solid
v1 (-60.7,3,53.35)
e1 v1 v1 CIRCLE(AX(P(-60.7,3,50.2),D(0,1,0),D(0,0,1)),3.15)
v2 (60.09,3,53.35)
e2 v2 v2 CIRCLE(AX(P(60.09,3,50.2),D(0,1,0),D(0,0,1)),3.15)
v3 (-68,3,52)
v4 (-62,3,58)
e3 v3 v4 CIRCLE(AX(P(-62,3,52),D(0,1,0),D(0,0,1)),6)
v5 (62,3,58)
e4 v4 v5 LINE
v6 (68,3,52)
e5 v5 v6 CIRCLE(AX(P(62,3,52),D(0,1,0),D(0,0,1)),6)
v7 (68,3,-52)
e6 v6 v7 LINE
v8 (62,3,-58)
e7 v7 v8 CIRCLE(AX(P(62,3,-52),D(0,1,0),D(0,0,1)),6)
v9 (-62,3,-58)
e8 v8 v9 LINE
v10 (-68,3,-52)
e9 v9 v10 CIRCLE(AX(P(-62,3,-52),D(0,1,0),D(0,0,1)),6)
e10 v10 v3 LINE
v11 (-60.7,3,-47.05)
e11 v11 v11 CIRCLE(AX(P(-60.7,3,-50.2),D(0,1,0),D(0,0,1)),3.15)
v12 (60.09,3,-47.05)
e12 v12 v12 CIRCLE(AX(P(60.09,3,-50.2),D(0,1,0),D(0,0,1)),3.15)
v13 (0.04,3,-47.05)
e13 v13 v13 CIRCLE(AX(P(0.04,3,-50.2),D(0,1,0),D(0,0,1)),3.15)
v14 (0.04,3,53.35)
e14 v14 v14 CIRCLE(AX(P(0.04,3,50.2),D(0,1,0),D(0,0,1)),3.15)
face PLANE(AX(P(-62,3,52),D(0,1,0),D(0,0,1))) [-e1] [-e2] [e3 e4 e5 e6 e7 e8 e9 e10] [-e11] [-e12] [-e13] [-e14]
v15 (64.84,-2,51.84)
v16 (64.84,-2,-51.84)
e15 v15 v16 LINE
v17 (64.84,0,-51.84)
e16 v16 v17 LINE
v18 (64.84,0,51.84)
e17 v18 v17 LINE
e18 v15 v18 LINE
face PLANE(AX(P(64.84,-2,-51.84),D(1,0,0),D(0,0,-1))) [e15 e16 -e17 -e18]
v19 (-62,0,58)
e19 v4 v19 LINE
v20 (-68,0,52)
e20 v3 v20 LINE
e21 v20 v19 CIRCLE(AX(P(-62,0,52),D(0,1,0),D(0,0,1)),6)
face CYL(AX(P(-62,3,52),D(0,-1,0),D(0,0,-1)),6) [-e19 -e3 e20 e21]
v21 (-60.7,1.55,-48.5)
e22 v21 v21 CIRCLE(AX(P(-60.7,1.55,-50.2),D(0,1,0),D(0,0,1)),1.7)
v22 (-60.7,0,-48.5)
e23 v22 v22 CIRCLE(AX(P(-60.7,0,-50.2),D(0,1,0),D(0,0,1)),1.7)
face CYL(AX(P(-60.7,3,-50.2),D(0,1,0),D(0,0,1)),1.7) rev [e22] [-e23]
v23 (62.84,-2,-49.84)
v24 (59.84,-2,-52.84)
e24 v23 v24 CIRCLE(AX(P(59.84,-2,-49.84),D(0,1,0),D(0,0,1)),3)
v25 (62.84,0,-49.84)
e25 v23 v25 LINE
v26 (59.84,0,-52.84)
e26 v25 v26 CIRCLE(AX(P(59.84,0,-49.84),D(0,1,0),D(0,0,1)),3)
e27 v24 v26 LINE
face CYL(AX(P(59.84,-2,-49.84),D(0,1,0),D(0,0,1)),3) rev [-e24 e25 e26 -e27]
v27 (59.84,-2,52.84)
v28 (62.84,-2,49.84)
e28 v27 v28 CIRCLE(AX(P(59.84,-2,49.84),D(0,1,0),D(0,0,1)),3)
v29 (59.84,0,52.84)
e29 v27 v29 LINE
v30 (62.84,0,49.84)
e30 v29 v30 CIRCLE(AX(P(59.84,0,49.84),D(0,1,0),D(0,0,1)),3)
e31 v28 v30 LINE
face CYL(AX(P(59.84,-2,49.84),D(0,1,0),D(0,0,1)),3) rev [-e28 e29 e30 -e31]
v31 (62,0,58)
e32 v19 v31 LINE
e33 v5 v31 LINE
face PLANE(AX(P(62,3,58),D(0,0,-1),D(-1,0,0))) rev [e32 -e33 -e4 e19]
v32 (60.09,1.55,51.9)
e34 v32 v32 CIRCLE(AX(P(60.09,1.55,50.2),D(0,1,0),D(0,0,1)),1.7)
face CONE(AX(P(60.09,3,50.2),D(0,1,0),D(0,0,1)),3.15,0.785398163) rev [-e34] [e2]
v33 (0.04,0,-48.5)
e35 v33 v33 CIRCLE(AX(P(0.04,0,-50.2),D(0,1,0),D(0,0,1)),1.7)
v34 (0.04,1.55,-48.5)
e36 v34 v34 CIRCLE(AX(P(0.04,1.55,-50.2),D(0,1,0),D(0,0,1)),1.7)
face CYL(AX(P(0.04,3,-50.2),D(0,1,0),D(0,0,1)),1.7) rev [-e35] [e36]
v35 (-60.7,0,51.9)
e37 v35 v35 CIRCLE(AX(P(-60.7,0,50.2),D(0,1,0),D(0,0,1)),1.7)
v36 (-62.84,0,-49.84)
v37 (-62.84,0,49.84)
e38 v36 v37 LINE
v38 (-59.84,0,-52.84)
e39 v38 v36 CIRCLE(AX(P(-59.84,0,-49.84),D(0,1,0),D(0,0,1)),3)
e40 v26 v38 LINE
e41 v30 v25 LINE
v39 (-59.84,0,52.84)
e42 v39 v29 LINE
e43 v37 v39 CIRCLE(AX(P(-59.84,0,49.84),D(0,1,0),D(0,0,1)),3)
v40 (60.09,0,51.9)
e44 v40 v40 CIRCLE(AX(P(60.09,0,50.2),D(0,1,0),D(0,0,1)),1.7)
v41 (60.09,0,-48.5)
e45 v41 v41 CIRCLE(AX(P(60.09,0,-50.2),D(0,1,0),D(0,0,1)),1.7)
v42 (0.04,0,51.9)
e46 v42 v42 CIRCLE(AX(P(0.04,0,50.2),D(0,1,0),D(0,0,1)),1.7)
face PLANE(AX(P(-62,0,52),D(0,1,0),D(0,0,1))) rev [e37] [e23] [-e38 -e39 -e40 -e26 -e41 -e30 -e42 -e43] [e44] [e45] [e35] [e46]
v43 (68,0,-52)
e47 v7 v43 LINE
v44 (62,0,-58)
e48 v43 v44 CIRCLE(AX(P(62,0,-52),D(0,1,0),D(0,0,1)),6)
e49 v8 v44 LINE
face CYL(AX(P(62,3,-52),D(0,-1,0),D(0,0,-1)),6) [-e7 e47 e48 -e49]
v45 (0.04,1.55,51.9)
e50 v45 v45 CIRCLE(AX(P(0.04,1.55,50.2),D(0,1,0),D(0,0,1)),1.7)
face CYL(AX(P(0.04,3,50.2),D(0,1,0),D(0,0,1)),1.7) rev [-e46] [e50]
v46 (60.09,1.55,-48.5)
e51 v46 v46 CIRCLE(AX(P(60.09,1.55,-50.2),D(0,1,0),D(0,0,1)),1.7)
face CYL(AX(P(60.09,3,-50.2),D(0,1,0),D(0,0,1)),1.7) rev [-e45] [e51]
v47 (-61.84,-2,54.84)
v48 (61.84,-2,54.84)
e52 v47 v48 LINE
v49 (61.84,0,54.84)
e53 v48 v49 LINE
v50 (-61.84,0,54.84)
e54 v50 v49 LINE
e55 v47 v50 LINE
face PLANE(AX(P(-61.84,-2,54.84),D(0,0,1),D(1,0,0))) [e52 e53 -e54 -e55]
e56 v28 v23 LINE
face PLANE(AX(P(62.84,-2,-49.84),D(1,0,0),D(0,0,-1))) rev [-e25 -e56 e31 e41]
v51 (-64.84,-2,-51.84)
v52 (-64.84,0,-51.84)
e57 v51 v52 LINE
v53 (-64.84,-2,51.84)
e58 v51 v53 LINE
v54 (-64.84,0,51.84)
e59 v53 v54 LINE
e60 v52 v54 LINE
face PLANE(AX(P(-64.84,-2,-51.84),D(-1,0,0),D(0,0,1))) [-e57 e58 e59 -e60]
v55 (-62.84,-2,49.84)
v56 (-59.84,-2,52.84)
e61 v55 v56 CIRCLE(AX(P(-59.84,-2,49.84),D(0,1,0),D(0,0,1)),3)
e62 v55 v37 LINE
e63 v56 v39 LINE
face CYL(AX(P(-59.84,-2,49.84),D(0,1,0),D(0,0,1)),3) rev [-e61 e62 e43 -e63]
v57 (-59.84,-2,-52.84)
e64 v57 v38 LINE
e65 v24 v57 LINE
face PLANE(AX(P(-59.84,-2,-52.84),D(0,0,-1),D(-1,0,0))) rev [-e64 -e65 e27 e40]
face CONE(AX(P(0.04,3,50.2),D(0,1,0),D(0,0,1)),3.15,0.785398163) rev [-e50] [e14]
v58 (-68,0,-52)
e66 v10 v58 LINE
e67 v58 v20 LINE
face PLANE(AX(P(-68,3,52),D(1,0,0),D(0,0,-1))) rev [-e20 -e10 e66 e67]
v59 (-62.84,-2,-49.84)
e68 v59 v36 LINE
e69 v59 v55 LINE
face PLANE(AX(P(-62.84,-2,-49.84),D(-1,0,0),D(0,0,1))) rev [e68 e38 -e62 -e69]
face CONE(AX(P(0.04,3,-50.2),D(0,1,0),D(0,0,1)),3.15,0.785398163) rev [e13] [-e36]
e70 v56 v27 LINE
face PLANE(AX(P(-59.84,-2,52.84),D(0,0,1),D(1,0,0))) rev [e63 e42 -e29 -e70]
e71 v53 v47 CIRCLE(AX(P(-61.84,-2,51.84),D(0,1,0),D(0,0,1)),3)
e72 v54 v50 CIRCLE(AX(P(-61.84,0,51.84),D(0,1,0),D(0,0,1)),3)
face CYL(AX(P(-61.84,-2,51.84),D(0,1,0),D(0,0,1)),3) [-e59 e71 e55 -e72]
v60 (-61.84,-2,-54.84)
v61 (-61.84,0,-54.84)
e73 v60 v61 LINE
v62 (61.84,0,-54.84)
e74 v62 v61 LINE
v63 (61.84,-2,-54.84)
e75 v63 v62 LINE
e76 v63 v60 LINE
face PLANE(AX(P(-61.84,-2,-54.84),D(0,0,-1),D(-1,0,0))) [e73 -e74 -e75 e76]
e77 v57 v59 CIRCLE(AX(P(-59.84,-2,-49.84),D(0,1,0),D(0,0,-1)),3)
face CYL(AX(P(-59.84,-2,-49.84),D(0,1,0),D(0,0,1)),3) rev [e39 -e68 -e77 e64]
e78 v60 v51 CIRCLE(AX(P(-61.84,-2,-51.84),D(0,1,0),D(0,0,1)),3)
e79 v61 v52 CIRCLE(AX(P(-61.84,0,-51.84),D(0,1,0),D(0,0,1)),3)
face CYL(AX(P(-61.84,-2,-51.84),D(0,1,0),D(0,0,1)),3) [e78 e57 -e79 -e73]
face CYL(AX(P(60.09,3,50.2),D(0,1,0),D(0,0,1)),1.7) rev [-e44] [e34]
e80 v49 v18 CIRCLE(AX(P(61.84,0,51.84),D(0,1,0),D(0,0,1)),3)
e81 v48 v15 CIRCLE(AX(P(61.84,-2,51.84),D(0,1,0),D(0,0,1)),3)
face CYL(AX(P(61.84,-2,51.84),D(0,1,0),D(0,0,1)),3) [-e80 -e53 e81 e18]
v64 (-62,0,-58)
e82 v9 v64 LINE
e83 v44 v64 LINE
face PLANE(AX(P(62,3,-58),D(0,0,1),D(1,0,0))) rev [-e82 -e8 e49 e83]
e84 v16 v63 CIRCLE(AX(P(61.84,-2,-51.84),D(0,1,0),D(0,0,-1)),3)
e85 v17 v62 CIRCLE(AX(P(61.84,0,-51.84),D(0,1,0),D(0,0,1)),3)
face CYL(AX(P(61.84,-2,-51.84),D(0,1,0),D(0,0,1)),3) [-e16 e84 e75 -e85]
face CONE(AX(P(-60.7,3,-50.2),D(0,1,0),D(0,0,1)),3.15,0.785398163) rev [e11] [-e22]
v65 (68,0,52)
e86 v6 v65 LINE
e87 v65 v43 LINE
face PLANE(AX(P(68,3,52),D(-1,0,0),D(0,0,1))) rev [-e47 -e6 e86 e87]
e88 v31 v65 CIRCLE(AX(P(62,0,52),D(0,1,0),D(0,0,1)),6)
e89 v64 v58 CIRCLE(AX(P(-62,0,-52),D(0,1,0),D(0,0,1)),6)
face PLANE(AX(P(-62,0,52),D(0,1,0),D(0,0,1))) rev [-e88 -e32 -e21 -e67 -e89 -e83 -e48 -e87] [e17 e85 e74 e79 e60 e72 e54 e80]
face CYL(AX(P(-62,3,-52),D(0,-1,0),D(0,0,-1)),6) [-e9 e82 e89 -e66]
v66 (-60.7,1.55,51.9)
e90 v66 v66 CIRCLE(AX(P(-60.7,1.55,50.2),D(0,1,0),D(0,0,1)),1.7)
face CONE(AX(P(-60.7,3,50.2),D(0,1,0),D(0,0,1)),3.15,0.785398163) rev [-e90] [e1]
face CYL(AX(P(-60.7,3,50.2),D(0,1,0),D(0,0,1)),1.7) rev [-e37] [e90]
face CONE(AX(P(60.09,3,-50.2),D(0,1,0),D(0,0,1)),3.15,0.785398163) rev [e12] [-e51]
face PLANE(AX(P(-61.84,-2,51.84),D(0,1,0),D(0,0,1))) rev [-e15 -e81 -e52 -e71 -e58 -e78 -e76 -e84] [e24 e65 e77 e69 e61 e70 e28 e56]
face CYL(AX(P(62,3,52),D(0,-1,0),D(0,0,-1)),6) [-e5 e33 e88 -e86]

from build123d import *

# Parameters (mm, degrees)
BOSS_EXTRUDE1_DEPTH                                 = 3
BOSS_EXTRUDE2_DEPTH                                 = 5
CSK_FOR_M3_COUNTERSUNK_FLAT_HEAD_SCREW1_D           = 3.4
CSK_FOR_M3_COUNTERSUNK_FLAT_HEAD_SCREW1_DEPTH       = 6
CSK_FOR_M3_COUNTERSUNK_FLAT_HEAD_SCREW1_CSINK_D     = 6.3
CSK_FOR_M3_COUNTERSUNK_FLAT_HEAD_SCREW1_CSINK_ANGLE = 90
CSK_FOR_M3_COUNTERSUNK_FLAT_HEAD_SCREW1_TIP         = 1.021463052


with BuildPart() as part:
    # Sketch1 → Boss-Extrude1 (new body)
    with BuildSketch(Plane(origin=(0, 0, 0), x_dir=(1, 0, 0), z_dir=(0, 1, 0))):
        with BuildLine():
            Line((62, -58), (-62, -58))
            ThreePointArc((-62, -58), (-66.242640687, -56.242640687), (-68, -52))
            Line((-68, -52), (-68, 52))
            ThreePointArc((-68, 52), (-66.242640687, 56.242640687), (-62, 58))
            Line((-62, 58), (62, 58))
            ThreePointArc((62, 58), (66.242640687, 56.242640687), (68, 52))
            Line((68, 52), (68, -52))
            ThreePointArc((68, -52), (66.242640687, -56.242640687), (62, -58))
        make_face()
    extrude(amount=BOSS_EXTRUDE1_DEPTH)

    # Sketch2 → Boss-Extrude2 (add)
    with BuildSketch(Plane(origin=(0, 3, 0), x_dir=(1, 0, 0), z_dir=(0, 1, 0))):
        with BuildLine():
            Line((-61.84, 54.84), (61.84, 54.84))
            ThreePointArc((61.84, 54.84), (63.961320344, 53.961320344), (64.84, 51.84))
            Line((64.84, 51.84), (64.84, -51.84))
            ThreePointArc((64.84, -51.84), (63.961320344, -53.961320344), (61.84, -54.84))
            Line((61.84, -54.84), (-61.84, -54.84))
            ThreePointArc((-61.84, -54.84), (-63.961320344, -53.961320344), (-64.84, -51.84))
            Line((-64.84, -51.84), (-64.84, 51.84))
            ThreePointArc((-64.84, 51.84), (-63.961320344, 53.961320344), (-61.84, 54.84))
        make_face()
        with BuildLine():
            Line((-62.84, 49.84), (-62.84, -49.84))
            ThreePointArc((-62.84, -49.84), (-61.961320344, -51.961320344), (-59.84, -52.84))
            Line((-59.84, -52.84), (59.84, -52.84))
            ThreePointArc((59.84, -52.84), (61.961320344, -51.961320344), (62.84, -49.84))
            Line((62.84, -49.84), (62.84, 49.84))
            ThreePointArc((62.84, 49.84), (61.961320344, 51.961320344), (59.84, 52.84))
            Line((59.84, 52.84), (-59.84, 52.84))
            ThreePointArc((-59.84, 52.84), (-61.961320344, 51.961320344), (-62.84, 49.84))
        make_face(mode=Mode.SUBTRACT)
    extrude(amount=-BOSS_EXTRUDE2_DEPTH)

    # CSK for M3 Countersunk Flat Head Screw1
    with Locations(Plane(origin=(-60.7, 3, -50.2), x_dir=(0, 0, 1), z_dir=(0, 1, 0))):
        with Locations((0, 0), (0, 60.74), (0, 120.79), (100.4, 0), (100.4, 60.74), (100.4, 120.79)):
            CounterSinkHole(CSK_FOR_M3_COUNTERSUNK_FLAT_HEAD_SCREW1_D / 2, CSK_FOR_M3_COUNTERSUNK_FLAT_HEAD_SCREW1_CSINK_D / 2, depth=CSK_FOR_M3_COUNTERSUNK_FLAT_HEAD_SCREW1_DEPTH, counter_sink_angle=CSK_FOR_M3_COUNTERSUNK_FLAT_HEAD_SCREW1_CSINK_ANGLE)
            with Locations((0, 0, -(CSK_FOR_M3_COUNTERSUNK_FLAT_HEAD_SCREW1_DEPTH + CSK_FOR_M3_COUNTERSUNK_FLAT_HEAD_SCREW1_TIP / 2))):  # 118° drill point
                Cone(0, CSK_FOR_M3_COUNTERSUNK_FLAT_HEAD_SCREW1_D / 2, CSK_FOR_M3_COUNTERSUNK_FLAT_HEAD_SCREW1_TIP, mode=Mode.SUBTRACT)


solid = part.part
